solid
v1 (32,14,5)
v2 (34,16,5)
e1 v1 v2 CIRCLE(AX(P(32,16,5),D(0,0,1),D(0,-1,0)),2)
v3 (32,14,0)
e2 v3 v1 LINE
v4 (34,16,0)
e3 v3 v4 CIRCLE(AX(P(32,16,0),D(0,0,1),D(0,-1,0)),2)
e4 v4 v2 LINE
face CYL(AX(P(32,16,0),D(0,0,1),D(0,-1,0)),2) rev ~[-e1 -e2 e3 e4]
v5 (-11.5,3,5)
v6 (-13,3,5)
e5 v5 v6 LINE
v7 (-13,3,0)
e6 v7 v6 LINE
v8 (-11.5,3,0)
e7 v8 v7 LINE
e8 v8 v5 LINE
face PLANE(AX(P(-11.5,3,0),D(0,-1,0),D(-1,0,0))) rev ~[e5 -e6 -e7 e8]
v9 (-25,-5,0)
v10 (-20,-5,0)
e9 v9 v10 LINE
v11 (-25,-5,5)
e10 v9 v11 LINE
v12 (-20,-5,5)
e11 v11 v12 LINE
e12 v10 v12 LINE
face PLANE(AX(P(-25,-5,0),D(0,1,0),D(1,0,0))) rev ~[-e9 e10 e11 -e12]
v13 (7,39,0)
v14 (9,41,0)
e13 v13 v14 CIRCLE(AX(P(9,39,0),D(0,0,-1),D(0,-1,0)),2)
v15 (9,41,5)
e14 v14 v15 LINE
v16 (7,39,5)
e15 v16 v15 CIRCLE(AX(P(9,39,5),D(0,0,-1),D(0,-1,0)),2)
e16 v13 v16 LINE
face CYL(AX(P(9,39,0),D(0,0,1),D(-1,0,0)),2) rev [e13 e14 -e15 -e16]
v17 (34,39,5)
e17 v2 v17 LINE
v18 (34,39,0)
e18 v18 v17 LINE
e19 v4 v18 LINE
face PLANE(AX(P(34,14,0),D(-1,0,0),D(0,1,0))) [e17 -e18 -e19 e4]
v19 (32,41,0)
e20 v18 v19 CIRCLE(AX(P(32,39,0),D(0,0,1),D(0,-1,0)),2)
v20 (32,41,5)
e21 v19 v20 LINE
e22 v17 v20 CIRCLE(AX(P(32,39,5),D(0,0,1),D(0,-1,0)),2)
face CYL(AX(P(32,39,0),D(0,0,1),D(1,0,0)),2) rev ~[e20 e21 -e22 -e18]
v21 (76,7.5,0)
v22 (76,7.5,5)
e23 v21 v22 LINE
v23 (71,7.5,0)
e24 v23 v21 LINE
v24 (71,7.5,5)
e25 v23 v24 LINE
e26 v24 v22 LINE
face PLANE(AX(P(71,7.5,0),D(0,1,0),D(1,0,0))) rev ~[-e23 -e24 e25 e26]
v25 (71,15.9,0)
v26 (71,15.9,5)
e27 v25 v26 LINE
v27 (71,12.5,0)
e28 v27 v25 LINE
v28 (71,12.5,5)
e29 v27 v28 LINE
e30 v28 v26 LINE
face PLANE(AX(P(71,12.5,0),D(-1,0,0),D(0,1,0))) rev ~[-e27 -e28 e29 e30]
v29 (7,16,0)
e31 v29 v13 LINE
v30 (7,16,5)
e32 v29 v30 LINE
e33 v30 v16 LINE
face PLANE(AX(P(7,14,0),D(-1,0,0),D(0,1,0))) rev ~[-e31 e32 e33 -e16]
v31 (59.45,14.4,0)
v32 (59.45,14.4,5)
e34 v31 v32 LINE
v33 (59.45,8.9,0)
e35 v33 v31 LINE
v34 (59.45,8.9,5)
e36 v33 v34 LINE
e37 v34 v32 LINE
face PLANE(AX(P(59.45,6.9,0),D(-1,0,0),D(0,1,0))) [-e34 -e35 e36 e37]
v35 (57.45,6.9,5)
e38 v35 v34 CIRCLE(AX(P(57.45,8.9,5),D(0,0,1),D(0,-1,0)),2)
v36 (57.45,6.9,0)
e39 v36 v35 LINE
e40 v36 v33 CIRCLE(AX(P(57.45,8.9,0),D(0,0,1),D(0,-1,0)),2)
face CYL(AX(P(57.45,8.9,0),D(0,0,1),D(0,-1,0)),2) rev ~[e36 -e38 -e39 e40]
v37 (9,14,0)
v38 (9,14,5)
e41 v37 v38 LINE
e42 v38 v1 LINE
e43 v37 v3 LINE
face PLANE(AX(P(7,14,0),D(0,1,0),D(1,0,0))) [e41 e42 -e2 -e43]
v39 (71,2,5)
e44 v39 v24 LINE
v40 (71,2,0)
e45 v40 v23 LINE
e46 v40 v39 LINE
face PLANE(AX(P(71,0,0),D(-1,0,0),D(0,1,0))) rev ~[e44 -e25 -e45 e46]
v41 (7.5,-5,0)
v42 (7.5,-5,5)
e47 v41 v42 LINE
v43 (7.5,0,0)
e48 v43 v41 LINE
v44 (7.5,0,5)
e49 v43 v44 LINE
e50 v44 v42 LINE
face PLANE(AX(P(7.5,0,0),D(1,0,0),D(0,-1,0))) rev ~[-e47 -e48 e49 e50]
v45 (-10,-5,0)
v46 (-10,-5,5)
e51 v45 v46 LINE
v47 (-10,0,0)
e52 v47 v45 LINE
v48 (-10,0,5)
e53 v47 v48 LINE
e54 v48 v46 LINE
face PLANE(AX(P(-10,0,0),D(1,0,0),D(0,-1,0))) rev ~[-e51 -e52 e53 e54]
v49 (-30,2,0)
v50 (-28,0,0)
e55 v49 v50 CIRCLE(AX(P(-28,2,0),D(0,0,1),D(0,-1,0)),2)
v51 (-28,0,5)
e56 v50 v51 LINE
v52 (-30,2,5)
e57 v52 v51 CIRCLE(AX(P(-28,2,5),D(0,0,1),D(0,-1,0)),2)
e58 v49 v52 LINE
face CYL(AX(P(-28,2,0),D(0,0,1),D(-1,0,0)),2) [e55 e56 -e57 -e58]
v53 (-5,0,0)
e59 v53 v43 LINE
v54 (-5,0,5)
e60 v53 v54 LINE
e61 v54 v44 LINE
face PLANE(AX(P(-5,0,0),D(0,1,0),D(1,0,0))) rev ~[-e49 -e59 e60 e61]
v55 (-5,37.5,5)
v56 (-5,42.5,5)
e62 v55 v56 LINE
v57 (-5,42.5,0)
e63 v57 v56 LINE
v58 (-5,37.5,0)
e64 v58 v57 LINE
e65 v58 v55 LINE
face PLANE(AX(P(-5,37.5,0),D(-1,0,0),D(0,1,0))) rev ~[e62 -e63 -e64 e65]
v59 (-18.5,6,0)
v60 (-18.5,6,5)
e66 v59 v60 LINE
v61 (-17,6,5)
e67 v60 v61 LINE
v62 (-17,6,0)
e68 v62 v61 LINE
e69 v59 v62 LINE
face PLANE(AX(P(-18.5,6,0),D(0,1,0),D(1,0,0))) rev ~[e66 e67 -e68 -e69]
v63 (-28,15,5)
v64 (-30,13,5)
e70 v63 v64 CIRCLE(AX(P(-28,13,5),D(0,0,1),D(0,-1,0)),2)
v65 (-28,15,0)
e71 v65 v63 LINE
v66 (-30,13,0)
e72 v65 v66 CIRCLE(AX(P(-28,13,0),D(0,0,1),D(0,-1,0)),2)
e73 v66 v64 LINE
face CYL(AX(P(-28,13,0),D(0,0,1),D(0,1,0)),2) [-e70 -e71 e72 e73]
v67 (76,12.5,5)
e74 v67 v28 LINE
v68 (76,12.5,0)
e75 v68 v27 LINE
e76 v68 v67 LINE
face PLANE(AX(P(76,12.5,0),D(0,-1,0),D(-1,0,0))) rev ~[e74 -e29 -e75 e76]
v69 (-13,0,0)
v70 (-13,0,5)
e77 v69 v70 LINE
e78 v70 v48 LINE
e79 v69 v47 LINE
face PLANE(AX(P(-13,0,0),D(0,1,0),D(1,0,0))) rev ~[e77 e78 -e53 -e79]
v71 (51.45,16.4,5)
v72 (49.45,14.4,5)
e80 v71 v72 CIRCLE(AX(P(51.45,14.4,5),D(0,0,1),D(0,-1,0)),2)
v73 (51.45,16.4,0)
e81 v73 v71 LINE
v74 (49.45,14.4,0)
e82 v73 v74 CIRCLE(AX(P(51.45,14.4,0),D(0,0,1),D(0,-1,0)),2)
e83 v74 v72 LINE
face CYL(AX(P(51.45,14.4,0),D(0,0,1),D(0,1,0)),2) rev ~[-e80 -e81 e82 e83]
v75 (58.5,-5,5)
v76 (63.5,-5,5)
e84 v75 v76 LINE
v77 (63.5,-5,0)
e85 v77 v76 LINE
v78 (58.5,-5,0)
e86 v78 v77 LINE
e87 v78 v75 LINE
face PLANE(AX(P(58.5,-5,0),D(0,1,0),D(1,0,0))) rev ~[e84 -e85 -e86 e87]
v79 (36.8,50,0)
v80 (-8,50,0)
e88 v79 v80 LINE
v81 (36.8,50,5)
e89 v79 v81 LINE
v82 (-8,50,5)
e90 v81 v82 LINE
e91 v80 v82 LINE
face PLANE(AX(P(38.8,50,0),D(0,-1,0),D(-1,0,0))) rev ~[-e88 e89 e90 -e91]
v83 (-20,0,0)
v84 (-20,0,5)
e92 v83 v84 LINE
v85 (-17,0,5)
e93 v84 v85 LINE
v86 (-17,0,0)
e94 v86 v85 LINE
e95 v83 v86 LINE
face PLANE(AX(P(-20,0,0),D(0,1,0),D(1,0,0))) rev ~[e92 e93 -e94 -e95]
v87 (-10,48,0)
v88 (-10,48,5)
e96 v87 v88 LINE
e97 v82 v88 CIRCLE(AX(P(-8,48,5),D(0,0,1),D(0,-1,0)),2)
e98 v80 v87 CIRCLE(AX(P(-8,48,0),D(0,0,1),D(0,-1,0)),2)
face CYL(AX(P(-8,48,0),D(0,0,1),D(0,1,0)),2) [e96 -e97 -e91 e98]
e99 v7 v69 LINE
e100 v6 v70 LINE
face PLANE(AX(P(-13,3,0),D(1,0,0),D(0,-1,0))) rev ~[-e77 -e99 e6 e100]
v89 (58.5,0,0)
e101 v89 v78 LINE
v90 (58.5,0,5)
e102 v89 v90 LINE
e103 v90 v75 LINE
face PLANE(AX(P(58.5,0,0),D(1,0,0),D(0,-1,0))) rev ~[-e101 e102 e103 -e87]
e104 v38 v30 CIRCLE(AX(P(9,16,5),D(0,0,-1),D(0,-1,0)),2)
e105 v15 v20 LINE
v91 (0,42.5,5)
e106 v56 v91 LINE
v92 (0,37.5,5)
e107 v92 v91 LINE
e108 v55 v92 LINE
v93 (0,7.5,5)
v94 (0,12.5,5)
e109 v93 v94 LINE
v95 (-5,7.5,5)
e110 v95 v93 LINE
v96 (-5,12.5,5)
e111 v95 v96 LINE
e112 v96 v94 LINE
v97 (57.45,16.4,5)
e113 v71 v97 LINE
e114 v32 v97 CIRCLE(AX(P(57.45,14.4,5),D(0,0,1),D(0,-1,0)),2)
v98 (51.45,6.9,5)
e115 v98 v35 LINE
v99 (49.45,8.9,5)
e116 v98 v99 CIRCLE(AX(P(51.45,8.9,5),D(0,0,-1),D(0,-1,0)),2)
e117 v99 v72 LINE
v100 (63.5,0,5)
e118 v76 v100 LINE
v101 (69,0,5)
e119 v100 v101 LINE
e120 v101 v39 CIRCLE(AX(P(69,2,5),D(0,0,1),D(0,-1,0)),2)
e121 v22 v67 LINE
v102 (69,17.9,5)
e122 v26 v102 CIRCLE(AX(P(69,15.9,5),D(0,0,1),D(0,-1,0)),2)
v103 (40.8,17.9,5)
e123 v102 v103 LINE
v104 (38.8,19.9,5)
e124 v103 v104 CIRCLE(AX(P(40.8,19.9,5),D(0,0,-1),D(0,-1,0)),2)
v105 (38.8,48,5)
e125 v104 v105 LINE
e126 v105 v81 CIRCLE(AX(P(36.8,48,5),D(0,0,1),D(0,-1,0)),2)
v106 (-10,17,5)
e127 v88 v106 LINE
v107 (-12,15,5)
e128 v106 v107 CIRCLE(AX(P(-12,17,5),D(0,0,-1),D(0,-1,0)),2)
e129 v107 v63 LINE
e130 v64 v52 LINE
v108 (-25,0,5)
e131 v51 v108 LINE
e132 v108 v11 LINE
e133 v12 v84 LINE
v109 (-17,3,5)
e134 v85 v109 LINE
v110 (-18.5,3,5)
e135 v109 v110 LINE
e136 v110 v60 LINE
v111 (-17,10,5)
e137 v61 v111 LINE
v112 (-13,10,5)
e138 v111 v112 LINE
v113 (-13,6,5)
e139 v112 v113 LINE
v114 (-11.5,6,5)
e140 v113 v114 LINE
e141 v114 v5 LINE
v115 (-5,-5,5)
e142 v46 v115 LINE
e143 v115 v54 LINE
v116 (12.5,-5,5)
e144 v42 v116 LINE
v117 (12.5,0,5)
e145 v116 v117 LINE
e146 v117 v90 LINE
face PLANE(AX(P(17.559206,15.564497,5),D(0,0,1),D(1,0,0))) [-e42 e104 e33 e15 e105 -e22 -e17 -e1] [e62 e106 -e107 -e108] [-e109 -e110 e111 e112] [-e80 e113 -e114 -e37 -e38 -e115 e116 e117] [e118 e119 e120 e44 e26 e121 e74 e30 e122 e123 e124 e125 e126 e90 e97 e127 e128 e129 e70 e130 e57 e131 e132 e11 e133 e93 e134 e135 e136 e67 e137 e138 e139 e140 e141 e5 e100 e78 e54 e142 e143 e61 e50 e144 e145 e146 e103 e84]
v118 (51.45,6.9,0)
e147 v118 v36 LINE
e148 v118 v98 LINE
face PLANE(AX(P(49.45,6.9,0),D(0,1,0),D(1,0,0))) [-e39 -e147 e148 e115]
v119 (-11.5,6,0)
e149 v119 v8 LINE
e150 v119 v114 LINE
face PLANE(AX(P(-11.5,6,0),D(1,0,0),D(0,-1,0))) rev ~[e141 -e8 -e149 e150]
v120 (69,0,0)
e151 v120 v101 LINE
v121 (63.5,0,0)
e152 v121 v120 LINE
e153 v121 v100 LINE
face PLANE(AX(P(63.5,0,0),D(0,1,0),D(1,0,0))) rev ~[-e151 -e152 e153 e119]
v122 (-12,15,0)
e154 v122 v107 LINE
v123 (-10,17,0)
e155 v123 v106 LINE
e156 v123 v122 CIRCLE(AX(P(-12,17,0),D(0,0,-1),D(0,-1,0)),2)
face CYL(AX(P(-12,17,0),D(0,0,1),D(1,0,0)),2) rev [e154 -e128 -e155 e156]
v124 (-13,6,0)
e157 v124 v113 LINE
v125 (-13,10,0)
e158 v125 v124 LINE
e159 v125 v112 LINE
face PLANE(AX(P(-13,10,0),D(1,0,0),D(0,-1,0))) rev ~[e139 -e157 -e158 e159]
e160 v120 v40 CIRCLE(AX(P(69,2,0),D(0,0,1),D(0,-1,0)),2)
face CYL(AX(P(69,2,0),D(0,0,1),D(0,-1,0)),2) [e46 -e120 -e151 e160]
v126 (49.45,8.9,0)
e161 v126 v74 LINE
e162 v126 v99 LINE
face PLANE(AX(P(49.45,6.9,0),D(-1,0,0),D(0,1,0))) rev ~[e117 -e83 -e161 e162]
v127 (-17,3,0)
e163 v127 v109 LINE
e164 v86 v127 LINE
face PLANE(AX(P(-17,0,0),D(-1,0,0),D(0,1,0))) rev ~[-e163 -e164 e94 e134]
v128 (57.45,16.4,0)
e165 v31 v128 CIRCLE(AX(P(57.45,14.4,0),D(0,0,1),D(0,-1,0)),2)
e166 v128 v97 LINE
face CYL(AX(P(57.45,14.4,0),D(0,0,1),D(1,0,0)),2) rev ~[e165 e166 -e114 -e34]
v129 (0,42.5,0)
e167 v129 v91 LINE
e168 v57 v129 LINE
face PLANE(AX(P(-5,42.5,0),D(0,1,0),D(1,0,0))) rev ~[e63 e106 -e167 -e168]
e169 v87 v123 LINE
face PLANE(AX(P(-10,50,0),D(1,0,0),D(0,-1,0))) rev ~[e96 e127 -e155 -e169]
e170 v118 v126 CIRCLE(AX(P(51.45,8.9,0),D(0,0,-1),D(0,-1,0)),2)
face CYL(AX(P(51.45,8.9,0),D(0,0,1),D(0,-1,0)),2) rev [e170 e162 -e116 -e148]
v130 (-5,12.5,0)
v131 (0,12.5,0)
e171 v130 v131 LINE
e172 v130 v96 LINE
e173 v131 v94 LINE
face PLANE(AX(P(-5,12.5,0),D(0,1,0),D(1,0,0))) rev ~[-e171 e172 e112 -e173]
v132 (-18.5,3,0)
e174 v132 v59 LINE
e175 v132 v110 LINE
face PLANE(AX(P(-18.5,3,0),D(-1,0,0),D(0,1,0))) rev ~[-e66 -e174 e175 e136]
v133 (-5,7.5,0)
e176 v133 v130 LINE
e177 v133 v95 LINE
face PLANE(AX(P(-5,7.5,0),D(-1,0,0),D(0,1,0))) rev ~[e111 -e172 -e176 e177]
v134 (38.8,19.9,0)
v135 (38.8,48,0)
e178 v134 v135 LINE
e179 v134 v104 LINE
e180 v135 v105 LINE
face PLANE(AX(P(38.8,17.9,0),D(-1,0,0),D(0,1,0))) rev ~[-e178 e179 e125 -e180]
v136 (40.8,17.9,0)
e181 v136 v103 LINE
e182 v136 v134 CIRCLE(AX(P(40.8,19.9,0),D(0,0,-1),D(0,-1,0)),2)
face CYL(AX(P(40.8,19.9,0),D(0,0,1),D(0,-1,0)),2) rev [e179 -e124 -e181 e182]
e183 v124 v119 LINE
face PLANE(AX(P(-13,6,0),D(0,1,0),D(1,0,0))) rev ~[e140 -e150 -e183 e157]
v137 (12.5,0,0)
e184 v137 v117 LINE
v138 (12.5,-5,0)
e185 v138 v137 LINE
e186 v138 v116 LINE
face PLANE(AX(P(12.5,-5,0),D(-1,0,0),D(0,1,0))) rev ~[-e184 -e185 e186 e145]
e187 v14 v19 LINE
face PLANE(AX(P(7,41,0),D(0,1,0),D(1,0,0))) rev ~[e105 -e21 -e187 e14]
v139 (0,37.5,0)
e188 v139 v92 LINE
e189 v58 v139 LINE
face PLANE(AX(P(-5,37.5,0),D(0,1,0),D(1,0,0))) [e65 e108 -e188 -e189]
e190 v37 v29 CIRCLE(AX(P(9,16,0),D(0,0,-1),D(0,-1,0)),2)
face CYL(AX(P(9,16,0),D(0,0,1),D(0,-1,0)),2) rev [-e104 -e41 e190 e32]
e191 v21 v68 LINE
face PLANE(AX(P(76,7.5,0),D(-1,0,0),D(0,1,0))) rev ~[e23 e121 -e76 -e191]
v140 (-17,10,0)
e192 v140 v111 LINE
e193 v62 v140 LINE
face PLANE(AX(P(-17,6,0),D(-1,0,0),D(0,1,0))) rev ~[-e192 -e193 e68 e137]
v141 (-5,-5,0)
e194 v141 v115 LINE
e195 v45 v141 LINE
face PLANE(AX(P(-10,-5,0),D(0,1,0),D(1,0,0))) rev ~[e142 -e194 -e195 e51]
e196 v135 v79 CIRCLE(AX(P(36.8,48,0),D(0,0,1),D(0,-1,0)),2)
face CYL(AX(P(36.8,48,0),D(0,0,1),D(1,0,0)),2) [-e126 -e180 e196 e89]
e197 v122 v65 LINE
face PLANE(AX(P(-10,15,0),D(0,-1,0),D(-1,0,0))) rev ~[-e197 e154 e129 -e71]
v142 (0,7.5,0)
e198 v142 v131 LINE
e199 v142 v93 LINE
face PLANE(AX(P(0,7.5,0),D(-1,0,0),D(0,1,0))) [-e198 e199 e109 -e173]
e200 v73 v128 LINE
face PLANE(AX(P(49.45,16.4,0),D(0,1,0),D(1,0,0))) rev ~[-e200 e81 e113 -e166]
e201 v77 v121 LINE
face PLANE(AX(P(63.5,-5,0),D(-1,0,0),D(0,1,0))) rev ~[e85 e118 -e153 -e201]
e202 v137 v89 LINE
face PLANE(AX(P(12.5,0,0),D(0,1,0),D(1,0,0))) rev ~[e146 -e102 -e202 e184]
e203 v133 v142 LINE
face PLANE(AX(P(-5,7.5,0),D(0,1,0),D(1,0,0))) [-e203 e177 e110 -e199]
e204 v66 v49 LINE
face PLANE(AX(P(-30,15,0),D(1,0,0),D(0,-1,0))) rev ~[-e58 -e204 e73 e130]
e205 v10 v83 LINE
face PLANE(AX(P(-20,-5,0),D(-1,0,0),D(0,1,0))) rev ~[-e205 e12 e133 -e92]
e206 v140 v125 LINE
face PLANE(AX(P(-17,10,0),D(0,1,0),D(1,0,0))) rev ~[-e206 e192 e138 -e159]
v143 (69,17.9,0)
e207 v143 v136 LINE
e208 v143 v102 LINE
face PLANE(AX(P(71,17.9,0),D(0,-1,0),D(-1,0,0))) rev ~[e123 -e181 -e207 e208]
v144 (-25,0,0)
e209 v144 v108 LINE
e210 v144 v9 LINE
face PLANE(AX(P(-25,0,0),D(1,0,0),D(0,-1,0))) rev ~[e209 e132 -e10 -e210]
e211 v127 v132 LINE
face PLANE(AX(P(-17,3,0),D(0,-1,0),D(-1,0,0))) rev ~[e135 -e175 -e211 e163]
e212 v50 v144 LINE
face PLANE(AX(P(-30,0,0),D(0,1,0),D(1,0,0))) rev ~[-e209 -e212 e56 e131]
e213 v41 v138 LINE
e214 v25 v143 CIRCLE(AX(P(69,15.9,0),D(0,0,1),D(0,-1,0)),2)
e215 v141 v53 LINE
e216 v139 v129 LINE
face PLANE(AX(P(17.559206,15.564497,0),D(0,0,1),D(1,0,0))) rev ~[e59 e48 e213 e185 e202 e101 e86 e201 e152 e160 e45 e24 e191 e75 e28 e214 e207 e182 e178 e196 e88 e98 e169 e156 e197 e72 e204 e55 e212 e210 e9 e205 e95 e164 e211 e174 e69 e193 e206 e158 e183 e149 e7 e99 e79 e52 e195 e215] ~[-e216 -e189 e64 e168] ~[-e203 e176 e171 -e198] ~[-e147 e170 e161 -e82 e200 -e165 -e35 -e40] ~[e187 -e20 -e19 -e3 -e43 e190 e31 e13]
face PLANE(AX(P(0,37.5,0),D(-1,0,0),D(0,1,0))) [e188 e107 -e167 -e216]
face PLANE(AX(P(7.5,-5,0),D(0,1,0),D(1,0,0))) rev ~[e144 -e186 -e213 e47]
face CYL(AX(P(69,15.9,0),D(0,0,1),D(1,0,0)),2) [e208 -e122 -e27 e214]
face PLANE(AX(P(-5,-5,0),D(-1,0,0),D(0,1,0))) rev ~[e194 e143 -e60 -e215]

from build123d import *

# Parameters (mm, degrees)
ESQUISSE1_W        = 27
ESQUISSE1_H        = 27
ESQUISSE1_W_2      = 5
ESQUISSE1_H_2      = 5
ESQUISSE1_W_3      = 10
ESQUISSE1_H_3      = 9.5
BOSS_EXTRU_1_DEPTH = 5
CONG_1_R           = 2


with BuildPart() as part:
    # Esquisse1 → Boss.-Extru.1 (new body)
    with BuildSketch(Plane.XY):
        Polygon((0, 0), (7.5, 0), (7.5, -5), (12.5, -5), (12.5, 0), (58.5, 0), (58.5, -5), (63.5, -5), (63.5, 0), (71, 0), (71, 7.5), (76, 7.5), (76, 12.5), (71, 12.5), (71, 17.9), (38.8, 17.9), (38.8, 50), (-10, 50), (-10, 15), (-30, 15), (-30, 0), (-25, 0), (-25, -5), (-20, -5), (-20, 0), (-17, 0), (-17, 3), (-18.5, 3), (-18.5, 6), (-17, 6), (-17, 10), (-13, 10), (-13, 6), (-11.5, 6), (-11.5, 3), (-13, 3), (-13, 0), (-10, 0), (-10, -5), (-5, -5), (-5, 0), align=None)
        with Locations((20.5, 27.5)):
            Rectangle(ESQUISSE1_W, ESQUISSE1_H, mode=Mode.SUBTRACT)
        with Locations((-2.5, 40)):
            Rectangle(ESQUISSE1_W_2, ESQUISSE1_H_2, mode=Mode.SUBTRACT)
        with Locations((-2.5, 10)):
            Rectangle(ESQUISSE1_W_2, ESQUISSE1_H_2, mode=Mode.SUBTRACT)
        with Locations((54.45, 11.65)):
            Rectangle(ESQUISSE1_W_3, ESQUISSE1_H_3, mode=Mode.SUBTRACT)
    extrude(amount=BOSS_EXTRU_1_DEPTH)

    # Congé1
    cong_1_edges = [part.edges().sort_by_distance(p)[0] for p in [
        (7, 41, 2.5),
        (7, 14, 2.5),
        (34, 14, 2.5),
        (34, 41, 2.5),
        (49.45, 16.4, 2.5),
        (49.45, 6.9, 2.5),
        (59.45, 6.9, 2.5),
        (59.45, 16.4, 2.5),
        (-30, 0, 2.5),
        (-30, 15, 2.5),
        (-10, 15, 2.5),
        (-10, 50, 2.5),
        (38.8, 50, 2.5),
        (38.8, 17.9, 2.5),
        (71, 17.9, 2.5),
        (71, 0, 2.5),
    ]]
    fillet(cong_1_edges, radius=CONG_1_R)


solid = part.part
